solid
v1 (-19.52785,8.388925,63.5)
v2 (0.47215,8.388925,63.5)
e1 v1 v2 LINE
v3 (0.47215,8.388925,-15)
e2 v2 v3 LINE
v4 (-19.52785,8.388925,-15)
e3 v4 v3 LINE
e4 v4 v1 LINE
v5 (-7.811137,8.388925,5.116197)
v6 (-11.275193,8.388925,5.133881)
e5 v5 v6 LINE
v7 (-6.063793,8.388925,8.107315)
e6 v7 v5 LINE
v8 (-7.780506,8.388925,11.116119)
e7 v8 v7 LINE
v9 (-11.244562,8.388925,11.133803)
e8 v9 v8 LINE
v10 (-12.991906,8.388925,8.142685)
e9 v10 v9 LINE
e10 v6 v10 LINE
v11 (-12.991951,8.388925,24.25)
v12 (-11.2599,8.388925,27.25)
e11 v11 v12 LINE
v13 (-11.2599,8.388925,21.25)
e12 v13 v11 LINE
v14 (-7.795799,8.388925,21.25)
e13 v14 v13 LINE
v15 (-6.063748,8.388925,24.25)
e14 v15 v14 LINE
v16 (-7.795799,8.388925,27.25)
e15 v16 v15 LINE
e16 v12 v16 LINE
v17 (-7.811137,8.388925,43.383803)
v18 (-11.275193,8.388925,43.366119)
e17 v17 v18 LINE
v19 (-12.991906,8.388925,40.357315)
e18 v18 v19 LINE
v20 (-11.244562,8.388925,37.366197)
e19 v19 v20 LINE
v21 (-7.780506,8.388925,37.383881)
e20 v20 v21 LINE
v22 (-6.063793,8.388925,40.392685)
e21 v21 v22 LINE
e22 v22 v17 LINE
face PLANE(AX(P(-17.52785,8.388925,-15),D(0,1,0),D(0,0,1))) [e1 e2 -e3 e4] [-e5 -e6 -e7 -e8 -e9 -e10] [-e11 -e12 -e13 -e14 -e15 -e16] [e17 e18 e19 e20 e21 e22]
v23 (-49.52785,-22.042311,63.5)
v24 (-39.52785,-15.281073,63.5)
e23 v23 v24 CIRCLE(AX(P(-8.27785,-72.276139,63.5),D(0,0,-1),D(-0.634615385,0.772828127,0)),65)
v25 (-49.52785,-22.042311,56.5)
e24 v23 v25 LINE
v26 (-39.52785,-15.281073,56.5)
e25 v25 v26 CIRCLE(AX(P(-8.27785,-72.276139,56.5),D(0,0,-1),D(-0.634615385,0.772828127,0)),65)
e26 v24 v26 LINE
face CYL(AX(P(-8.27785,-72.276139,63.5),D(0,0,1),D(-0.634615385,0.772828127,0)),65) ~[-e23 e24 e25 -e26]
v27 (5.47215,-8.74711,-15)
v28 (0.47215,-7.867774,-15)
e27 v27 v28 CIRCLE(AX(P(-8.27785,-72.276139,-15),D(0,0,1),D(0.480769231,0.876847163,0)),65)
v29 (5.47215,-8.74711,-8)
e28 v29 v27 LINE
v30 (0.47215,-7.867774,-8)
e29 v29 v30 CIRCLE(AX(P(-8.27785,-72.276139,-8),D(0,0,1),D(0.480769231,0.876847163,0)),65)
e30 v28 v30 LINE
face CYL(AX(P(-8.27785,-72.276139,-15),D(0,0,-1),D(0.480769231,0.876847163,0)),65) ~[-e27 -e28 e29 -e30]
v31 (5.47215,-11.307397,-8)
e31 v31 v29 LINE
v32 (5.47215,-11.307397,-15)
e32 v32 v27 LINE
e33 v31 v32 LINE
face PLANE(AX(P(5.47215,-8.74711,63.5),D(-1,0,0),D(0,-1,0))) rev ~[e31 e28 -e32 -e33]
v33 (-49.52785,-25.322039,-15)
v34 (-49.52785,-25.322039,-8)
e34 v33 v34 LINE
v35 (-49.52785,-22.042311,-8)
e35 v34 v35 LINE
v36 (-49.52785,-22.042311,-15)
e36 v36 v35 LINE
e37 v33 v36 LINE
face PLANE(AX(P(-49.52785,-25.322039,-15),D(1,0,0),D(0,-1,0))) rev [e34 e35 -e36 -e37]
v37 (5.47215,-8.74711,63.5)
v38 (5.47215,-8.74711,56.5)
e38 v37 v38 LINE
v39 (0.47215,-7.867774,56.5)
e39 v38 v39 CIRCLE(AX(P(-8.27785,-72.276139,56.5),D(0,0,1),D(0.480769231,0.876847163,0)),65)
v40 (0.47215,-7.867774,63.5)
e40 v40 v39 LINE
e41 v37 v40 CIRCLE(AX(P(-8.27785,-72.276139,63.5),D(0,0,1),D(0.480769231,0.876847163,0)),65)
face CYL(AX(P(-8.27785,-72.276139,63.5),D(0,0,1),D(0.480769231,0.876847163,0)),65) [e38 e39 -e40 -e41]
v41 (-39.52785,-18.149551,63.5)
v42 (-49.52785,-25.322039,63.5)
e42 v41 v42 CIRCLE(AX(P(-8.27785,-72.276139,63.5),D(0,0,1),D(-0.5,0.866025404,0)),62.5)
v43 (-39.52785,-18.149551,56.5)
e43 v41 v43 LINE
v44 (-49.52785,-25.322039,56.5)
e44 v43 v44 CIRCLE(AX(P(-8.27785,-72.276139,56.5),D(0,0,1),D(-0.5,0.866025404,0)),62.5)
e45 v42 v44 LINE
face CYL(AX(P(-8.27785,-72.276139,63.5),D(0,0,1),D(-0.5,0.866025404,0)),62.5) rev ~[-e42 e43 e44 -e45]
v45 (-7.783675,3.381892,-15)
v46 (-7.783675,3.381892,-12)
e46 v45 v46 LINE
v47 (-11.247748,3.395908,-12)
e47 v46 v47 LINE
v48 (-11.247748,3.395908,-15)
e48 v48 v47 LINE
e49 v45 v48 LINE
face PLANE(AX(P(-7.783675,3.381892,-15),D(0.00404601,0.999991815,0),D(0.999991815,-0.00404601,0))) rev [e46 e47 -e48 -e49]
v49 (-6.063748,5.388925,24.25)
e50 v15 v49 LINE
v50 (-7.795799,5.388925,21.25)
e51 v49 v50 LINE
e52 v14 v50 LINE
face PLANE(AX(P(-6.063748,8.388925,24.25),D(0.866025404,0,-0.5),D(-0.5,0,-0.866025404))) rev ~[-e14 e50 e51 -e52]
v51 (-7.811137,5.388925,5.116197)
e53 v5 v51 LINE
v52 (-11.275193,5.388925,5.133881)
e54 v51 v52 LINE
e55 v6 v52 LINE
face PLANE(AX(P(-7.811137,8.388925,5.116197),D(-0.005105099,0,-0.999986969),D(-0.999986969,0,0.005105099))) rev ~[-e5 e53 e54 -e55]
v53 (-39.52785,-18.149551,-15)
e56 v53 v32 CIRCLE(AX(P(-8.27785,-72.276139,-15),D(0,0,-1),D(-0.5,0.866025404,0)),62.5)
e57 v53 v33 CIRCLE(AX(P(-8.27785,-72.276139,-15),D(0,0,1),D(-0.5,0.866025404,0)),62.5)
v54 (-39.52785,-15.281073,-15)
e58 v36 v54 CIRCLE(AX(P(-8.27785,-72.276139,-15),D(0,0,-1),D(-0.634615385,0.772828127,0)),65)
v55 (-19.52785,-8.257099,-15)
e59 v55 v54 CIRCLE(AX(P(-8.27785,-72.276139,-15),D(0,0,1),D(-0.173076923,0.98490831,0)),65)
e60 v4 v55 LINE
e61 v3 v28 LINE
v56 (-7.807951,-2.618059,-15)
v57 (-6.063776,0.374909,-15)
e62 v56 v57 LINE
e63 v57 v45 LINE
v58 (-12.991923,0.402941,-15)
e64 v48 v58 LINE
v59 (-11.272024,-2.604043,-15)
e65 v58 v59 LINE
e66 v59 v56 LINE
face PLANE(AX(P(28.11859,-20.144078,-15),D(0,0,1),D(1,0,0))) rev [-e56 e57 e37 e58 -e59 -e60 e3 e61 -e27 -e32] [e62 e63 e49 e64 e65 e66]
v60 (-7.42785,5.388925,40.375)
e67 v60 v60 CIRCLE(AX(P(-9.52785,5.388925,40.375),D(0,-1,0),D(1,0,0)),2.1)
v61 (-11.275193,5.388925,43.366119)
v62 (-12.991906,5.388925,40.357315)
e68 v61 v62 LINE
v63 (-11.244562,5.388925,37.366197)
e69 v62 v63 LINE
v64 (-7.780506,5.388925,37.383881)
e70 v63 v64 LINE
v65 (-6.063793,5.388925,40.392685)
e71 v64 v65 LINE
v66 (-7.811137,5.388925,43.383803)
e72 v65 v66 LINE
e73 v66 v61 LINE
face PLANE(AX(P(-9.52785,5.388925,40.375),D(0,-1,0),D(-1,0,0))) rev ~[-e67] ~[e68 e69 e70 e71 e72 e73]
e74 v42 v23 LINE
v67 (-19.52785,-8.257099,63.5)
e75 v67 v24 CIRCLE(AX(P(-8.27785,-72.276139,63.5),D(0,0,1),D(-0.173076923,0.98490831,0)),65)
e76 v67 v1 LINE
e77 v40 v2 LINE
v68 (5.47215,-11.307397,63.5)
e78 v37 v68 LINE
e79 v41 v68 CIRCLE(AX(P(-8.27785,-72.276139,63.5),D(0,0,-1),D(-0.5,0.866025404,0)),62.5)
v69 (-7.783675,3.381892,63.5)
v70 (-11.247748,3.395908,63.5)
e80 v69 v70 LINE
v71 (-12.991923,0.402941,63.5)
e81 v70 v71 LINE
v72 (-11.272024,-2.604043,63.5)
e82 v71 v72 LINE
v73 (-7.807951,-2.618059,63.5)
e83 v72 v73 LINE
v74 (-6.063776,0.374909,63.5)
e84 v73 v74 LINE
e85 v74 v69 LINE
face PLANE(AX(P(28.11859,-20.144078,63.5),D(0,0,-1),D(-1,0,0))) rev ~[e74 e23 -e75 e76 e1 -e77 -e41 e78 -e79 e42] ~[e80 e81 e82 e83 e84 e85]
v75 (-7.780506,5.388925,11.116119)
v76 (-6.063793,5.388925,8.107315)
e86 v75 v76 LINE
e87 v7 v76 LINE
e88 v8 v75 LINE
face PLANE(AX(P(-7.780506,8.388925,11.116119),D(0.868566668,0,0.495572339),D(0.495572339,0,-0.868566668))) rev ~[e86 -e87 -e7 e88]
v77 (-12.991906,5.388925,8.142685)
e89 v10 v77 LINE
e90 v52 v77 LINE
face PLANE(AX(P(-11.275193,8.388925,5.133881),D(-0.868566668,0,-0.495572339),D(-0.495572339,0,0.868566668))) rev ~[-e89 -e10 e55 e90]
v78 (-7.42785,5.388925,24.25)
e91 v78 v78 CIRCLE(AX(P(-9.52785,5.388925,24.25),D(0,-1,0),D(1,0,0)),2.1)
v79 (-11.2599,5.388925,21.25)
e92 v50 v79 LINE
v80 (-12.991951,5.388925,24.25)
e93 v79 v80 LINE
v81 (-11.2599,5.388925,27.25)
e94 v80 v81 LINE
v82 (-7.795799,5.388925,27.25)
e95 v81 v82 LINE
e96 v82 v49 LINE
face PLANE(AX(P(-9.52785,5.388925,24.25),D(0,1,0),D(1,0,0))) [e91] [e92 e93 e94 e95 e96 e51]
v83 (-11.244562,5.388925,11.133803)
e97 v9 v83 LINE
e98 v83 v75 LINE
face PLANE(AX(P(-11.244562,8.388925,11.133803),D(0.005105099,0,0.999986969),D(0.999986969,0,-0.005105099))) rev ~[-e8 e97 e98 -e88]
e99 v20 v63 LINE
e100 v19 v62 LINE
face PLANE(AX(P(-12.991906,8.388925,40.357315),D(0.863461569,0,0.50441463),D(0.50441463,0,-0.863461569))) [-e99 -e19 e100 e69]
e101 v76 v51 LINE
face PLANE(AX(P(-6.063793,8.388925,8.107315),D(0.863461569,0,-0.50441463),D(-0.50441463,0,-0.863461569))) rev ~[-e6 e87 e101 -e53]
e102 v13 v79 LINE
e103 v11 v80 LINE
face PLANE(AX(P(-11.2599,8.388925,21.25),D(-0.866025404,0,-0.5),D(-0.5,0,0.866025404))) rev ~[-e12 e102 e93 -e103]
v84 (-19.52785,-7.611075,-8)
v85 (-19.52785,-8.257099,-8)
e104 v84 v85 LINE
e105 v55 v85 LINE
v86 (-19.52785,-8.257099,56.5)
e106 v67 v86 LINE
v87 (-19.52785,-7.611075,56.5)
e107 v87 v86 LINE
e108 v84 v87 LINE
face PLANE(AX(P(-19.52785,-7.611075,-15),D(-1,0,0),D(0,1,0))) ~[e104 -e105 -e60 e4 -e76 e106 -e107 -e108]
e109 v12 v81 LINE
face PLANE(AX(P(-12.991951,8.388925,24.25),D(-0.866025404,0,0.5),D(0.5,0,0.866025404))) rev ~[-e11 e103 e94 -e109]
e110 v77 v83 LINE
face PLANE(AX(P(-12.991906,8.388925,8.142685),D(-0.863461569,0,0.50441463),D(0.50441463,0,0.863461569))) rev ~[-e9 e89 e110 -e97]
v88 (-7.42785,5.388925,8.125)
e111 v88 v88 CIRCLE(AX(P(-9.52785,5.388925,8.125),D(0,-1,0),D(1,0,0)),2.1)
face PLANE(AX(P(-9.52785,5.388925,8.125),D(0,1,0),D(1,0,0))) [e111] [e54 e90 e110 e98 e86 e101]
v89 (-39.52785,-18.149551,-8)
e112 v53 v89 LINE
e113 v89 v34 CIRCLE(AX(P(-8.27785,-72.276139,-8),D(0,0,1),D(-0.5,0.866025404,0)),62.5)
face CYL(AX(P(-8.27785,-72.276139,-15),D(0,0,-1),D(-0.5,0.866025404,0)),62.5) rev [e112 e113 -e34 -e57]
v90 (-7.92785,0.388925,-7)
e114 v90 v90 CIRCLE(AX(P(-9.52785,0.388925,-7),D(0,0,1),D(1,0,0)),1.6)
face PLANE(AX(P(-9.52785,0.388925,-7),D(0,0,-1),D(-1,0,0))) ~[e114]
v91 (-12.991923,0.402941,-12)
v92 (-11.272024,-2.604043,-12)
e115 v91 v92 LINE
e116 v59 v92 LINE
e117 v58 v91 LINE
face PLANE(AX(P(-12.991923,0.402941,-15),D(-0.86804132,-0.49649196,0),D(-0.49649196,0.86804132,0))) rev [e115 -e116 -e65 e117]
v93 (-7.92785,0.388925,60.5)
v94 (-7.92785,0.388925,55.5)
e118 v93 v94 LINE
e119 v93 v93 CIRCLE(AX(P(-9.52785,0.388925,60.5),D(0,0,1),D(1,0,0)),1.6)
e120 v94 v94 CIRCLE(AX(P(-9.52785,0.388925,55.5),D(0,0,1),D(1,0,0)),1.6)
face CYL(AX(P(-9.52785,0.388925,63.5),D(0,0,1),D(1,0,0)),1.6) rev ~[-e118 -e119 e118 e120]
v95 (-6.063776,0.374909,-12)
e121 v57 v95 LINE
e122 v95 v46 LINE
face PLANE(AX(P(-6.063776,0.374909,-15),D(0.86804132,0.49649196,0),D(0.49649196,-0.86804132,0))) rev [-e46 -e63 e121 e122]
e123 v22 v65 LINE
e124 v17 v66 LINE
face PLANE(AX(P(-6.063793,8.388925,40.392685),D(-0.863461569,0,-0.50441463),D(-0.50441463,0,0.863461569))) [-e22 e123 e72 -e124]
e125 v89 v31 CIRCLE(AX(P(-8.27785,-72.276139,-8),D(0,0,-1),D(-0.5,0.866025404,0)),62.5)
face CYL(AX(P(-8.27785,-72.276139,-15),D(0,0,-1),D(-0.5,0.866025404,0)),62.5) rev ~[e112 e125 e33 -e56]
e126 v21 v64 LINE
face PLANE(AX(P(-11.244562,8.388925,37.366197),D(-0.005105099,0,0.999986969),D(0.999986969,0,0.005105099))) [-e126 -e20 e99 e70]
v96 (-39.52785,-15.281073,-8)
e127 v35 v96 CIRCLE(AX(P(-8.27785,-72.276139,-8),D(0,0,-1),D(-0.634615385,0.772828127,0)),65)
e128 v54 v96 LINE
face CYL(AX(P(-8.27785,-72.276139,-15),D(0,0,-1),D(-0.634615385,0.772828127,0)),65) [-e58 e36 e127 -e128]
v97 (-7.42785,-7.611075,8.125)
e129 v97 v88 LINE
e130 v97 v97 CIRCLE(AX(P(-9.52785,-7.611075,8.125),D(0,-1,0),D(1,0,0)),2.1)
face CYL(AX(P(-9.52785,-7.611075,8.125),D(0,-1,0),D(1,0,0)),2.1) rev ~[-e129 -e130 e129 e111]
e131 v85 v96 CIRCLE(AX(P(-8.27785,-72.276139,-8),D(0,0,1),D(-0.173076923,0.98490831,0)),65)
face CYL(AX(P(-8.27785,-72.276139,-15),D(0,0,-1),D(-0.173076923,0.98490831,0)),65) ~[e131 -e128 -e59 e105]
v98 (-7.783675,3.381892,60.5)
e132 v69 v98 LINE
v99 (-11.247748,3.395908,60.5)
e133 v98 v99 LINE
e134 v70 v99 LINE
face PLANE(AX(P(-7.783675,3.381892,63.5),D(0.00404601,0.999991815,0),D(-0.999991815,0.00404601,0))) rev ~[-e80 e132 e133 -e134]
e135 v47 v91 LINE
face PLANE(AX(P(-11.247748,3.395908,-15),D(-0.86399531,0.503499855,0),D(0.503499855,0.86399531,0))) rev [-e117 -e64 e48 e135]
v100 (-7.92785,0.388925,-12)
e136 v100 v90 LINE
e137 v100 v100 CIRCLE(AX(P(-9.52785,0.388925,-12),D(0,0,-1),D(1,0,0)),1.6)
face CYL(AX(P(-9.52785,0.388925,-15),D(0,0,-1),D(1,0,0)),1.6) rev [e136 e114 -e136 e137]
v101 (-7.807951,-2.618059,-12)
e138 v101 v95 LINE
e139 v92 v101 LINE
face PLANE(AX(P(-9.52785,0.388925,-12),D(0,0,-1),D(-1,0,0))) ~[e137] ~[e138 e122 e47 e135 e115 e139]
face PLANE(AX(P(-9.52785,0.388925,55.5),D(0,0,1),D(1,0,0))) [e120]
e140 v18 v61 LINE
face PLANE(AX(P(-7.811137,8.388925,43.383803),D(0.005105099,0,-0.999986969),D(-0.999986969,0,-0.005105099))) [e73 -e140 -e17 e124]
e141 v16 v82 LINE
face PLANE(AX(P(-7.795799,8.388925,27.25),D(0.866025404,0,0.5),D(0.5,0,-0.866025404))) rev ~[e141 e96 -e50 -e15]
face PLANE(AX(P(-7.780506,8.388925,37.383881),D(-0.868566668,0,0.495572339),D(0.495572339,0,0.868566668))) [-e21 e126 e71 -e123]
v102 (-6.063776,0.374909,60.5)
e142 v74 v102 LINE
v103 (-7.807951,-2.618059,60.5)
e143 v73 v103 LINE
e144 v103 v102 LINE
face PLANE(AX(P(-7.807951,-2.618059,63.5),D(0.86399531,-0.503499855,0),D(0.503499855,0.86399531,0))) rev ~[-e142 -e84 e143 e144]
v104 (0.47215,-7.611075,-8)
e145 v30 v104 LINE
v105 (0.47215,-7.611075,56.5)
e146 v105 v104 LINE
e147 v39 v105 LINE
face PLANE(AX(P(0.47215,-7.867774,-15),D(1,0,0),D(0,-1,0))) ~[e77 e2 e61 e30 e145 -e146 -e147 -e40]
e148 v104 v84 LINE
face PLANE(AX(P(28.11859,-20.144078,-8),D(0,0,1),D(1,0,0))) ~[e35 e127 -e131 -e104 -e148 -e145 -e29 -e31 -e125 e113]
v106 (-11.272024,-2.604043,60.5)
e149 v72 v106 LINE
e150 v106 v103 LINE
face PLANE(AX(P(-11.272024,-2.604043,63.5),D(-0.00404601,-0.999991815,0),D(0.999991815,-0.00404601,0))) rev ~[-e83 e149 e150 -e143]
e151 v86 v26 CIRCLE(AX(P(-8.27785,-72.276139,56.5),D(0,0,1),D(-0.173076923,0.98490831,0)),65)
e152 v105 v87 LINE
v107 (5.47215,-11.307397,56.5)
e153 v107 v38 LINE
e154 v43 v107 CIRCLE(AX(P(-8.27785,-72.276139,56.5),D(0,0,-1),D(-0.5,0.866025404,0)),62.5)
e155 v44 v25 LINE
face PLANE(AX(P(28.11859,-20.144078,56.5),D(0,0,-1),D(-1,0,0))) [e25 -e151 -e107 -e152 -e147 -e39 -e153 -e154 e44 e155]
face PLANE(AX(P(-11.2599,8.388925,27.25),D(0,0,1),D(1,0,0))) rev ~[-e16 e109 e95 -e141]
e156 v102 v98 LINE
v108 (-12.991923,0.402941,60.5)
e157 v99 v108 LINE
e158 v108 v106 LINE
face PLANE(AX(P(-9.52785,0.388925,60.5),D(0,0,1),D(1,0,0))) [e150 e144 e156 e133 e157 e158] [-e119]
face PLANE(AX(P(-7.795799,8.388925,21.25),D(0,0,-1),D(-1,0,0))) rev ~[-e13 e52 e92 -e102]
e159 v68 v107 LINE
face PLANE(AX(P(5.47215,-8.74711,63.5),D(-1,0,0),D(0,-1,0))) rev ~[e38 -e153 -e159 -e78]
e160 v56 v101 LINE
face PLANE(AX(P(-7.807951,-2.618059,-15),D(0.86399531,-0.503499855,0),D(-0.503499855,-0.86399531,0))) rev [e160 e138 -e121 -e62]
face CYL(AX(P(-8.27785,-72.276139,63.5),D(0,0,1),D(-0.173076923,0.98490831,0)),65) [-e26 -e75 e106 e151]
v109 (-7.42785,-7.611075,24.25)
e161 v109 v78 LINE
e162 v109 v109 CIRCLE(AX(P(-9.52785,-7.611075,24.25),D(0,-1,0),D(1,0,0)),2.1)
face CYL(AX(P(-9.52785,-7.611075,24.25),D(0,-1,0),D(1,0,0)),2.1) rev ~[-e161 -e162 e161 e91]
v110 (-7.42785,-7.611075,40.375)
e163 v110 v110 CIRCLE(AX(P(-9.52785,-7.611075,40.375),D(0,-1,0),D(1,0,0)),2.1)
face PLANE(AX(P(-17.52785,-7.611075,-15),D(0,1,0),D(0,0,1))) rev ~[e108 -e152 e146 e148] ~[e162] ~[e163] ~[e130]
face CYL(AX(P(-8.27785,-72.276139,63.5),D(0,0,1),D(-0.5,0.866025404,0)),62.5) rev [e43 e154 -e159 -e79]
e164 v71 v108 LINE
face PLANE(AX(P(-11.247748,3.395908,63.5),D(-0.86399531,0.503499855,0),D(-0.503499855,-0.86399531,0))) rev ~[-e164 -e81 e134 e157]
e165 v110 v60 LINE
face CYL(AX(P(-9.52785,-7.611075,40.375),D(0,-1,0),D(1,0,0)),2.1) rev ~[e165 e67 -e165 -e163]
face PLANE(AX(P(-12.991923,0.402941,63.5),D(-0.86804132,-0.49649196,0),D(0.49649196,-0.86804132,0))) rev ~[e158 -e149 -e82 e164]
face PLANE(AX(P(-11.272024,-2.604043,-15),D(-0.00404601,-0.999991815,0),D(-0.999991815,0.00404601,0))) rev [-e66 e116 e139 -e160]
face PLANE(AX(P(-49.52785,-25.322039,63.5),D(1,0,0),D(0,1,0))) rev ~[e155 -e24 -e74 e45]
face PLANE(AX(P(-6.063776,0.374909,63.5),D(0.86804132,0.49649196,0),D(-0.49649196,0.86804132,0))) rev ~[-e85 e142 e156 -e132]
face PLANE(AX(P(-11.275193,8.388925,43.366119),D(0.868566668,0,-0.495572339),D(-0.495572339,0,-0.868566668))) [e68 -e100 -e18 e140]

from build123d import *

# Parameters (mm, degrees)
BOSS_EXTRUDE2_DEPTH = 48.5
BOSS_EXTRUDE3_DEPTH = 18
SKETCH3_R           = 1.6
CUT_EXTRUDE1_DEPTH  = 8
CUT_EXTRUDE3_DEPTH  = 3
SKETCH5_W           = 78.5
SKETCH5_H           = 16
BOSS_EXTRUDE4_DEPTH = 2
BOSS_EXTRUDE5_DEPTH = 7
BOSS_EXTRUDE6_DEPTH = 7
SKETCH10_R          = 2.1
CUT_EXTRUDE4_DEPTH  = 17
CUT_EXTRUDE5_DEPTH  = 3
CUT_EXTRUDE6_DEPTH  = 79.5


with BuildPart() as part:
    # Sketch1 → Boss-Extrude2 (new body)
    with BuildSketch(Plane.XY):
        Polygon((0.472150472, 5.388924764), (0.472150472, 8.388924764), (-17.527849528, 8.388924764), (-17.527849528, -7.611075236), (0.472150472, -7.611075236), (0.472150472, -4.611075236), align=None)
    extrude(amount=BOSS_EXTRUDE2_DEPTH)

    # Sketch2 → Boss-Extrude3 (add)
    with BuildSketch(Plane.ZY.offset(17.527849528)):
        Polygon((48.5, 8.388924764), (62.5, 8.388924764), (63.5, 8.388924764), (63.5, 7.388924764), (63.5, -6.611075236), (63.5, -7.611075236), (62.5, -7.611075236), (48.5, -7.611075236), (48.5, -4.811075236), (48.5, 5.588924764), align=None)
        Polygon((0, -4.811075236), (0, -7.611075236), (-14, -7.611075236), (-15, -7.611075236), (-15, -6.611075236), (-15, 7.388924764), (-15, 8.388924764), (-14, 8.388924764), (0, 8.388924764), (0, 5.588924764), align=None)
    extrude(amount=-BOSS_EXTRUDE3_DEPTH)

    # Sketch3 → Cut-Extrude1 (cut)
    with BuildSketch(Plane.XY.offset(63.5)):
        with Locations((-9.527849528, 0.388924764)):
            Circle(SKETCH3_R)
    cut_extrude1 = extrude(amount=-CUT_EXTRUDE1_DEPTH, mode=Mode.SUBTRACT)

    # Mirror1: Cut-Extrude1 across plane
    add(cut_extrude1.mirror(Plane.XY.offset(24.25)), mode=Mode.SUBTRACT)

    # Sketch4 → Cut-Extrude3 (cut)
    with BuildSketch(Plane.XY.offset(63.5)):
        Polygon((-7.807950928, -2.618058576), (-6.063776267, 0.374908974), (-7.783674867, 3.381892314), (-11.247748128, 3.395908104), (-12.991922789, 0.402940554), (-11.272024189, -2.604042786), align=None)
    cut_extrude3 = extrude(amount=-CUT_EXTRUDE3_DEPTH, mode=Mode.SUBTRACT)

    # Mirror2: Cut-Extrude3 across plane
    add(cut_extrude3.mirror(Plane.XY.offset(24.25)), mode=Mode.SUBTRACT)

    # Sketch5 → Boss-Extrude4 (add)
    with BuildSketch(Plane.ZY.offset(17.527849528)):
        with Locations((24.25, 0.388924764)):
            Rectangle(SKETCH5_W, SKETCH5_H)
    extrude(amount=BOSS_EXTRUDE4_DEPTH)

    # Sketch6 → Boss-Extrude5 (add)
    with BuildSketch(Plane.XY.offset(63.5)):
        with BuildLine():
            Line((-19.527849528, -7.611075236), (-19.527849528, -8.257098609))
            ThreePointArc((-19.527849528, -8.257098609), (-29.816107458, -10.948302934), (-39.527849528, -15.28107317))
            Line((-39.527849528, -15.28107317), (-39.527849528, -18.149551009))
            ThreePointArc((-39.527849528, -18.149551009), (-8.277849528, -9.776138745), (22.972150472, -18.149551009))
            Line((22.972150472, -18.149551009), (22.972150472, -15.28107317))
            ThreePointArc((22.972150472, -15.28107317), (12.062731895, -10.540729559), (0.472150472, -7.867773606))
            Line((0.472150472, -7.867773606), (0.472150472, -7.611075236))
            Line((0.472150472, -7.611075236), (-19.527849528, -7.611075236))
        make_face()
    boss_extrude5 = extrude(amount=-BOSS_EXTRUDE5_DEPTH)

    # Mirror3: Boss-Extrude5 across plane
    add(boss_extrude5.mirror(Plane.XY.offset(24.25)))

    # Sketch7 → Boss-Extrude6 (add)
    with BuildSketch(Plane.XY.offset(63.5)):
        with BuildLine():
            Line((22.972150472, -18.149551009), (22.972150472, -15.28107317))
            ThreePointArc((22.972150472, -15.28107317), (28.129444831, -18.429050454), (32.972150472, -22.042310502))
            Line((32.972150472, -22.042310502), (32.972150472, -25.322038818))
            ThreePointArc((32.972150472, -25.322038818), (28.149113636, -21.489069971), (22.972150472, -18.149551009))
        make_face()
        with BuildLine():
            Line((-39.527849528, -15.28107317), (-39.527849528, -18.149551009))
            ThreePointArc((-39.527849528, -18.149551009), (-44.704812692, -21.489069971), (-49.527849528, -25.322038818))
            Line((-49.527849528, -25.322038818), (-49.527849528, -22.042310502))
            ThreePointArc((-49.527849528, -22.042310502), (-44.685143887, -18.429050454), (-39.527849528, -15.28107317))
        make_face()
    boss_extrude6 = extrude(amount=-BOSS_EXTRUDE6_DEPTH)

    # Mirror4: Boss-Extrude6 across plane
    add(boss_extrude6.mirror(Plane.XY.offset(24.25)))

    # Sketch10 → Cut-Extrude4 (cut, through all)
    with BuildSketch(Plane.XZ.offset(7.611075236)):
        with Locations((-9.527849528, 40.375)):
            Circle(SKETCH10_R)
        with Locations((-9.527849528, 8.125)):
            Circle(SKETCH10_R)
        with Locations((-9.527849528, 24.25)):
            Circle(SKETCH10_R)
    extrude(amount=-CUT_EXTRUDE4_DEPTH, mode=Mode.SUBTRACT)

    # Sketch11 → Cut-Extrude5 (cut)
    with BuildSketch(Plane(origin=(0, 8.388924764, 0), x_dir=(1, 0, 0), z_dir=(0, 1, 0))):
        Polygon((-7.780505993, -11.116118615), (-6.063793054, -8.107315417), (-7.811136589, -5.116196802), (-11.275193063, -5.133881385), (-12.991906002, -8.142684583), (-11.244562467, -11.133803198), align=None)
        Polygon((-11.244562467, -37.366196802), (-7.780505993, -37.383881385), (-6.063793054, -40.392684583), (-7.811136589, -43.383803198), (-11.275193063, -43.366118615), (-12.991906002, -40.357315417), align=None)
        Polygon((-6.063747913, -24.25), (-7.79579872, -21.25), (-11.259900336, -21.25), (-12.991951143, -24.25), (-11.259900336, -27.25), (-7.79579872, -27.25), align=None)
    extrude(amount=-CUT_EXTRUDE5_DEPTH, mode=Mode.SUBTRACT)

    # Sketch12 → Cut-Extrude6 (cut, through all)
    with BuildSketch(Plane.XY.offset(63.5)):
        with BuildLine():
            Line((5.472150472, -8.747109948), (5.472150472, -11.307396754))
            ThreePointArc((5.472150472, -11.307396754), (20.100884553, -16.590436344), (32.972150472, -25.322038818))
            Line((32.972150472, -25.322038818), (32.972150472, -22.042310502))
            ThreePointArc((32.972150472, -22.042310502), (20.014209242, -13.756403523), (5.472150472, -8.747109948))
        make_face()
    extrude(amount=-CUT_EXTRUDE6_DEPTH, mode=Mode.SUBTRACT)


solid = part.part
